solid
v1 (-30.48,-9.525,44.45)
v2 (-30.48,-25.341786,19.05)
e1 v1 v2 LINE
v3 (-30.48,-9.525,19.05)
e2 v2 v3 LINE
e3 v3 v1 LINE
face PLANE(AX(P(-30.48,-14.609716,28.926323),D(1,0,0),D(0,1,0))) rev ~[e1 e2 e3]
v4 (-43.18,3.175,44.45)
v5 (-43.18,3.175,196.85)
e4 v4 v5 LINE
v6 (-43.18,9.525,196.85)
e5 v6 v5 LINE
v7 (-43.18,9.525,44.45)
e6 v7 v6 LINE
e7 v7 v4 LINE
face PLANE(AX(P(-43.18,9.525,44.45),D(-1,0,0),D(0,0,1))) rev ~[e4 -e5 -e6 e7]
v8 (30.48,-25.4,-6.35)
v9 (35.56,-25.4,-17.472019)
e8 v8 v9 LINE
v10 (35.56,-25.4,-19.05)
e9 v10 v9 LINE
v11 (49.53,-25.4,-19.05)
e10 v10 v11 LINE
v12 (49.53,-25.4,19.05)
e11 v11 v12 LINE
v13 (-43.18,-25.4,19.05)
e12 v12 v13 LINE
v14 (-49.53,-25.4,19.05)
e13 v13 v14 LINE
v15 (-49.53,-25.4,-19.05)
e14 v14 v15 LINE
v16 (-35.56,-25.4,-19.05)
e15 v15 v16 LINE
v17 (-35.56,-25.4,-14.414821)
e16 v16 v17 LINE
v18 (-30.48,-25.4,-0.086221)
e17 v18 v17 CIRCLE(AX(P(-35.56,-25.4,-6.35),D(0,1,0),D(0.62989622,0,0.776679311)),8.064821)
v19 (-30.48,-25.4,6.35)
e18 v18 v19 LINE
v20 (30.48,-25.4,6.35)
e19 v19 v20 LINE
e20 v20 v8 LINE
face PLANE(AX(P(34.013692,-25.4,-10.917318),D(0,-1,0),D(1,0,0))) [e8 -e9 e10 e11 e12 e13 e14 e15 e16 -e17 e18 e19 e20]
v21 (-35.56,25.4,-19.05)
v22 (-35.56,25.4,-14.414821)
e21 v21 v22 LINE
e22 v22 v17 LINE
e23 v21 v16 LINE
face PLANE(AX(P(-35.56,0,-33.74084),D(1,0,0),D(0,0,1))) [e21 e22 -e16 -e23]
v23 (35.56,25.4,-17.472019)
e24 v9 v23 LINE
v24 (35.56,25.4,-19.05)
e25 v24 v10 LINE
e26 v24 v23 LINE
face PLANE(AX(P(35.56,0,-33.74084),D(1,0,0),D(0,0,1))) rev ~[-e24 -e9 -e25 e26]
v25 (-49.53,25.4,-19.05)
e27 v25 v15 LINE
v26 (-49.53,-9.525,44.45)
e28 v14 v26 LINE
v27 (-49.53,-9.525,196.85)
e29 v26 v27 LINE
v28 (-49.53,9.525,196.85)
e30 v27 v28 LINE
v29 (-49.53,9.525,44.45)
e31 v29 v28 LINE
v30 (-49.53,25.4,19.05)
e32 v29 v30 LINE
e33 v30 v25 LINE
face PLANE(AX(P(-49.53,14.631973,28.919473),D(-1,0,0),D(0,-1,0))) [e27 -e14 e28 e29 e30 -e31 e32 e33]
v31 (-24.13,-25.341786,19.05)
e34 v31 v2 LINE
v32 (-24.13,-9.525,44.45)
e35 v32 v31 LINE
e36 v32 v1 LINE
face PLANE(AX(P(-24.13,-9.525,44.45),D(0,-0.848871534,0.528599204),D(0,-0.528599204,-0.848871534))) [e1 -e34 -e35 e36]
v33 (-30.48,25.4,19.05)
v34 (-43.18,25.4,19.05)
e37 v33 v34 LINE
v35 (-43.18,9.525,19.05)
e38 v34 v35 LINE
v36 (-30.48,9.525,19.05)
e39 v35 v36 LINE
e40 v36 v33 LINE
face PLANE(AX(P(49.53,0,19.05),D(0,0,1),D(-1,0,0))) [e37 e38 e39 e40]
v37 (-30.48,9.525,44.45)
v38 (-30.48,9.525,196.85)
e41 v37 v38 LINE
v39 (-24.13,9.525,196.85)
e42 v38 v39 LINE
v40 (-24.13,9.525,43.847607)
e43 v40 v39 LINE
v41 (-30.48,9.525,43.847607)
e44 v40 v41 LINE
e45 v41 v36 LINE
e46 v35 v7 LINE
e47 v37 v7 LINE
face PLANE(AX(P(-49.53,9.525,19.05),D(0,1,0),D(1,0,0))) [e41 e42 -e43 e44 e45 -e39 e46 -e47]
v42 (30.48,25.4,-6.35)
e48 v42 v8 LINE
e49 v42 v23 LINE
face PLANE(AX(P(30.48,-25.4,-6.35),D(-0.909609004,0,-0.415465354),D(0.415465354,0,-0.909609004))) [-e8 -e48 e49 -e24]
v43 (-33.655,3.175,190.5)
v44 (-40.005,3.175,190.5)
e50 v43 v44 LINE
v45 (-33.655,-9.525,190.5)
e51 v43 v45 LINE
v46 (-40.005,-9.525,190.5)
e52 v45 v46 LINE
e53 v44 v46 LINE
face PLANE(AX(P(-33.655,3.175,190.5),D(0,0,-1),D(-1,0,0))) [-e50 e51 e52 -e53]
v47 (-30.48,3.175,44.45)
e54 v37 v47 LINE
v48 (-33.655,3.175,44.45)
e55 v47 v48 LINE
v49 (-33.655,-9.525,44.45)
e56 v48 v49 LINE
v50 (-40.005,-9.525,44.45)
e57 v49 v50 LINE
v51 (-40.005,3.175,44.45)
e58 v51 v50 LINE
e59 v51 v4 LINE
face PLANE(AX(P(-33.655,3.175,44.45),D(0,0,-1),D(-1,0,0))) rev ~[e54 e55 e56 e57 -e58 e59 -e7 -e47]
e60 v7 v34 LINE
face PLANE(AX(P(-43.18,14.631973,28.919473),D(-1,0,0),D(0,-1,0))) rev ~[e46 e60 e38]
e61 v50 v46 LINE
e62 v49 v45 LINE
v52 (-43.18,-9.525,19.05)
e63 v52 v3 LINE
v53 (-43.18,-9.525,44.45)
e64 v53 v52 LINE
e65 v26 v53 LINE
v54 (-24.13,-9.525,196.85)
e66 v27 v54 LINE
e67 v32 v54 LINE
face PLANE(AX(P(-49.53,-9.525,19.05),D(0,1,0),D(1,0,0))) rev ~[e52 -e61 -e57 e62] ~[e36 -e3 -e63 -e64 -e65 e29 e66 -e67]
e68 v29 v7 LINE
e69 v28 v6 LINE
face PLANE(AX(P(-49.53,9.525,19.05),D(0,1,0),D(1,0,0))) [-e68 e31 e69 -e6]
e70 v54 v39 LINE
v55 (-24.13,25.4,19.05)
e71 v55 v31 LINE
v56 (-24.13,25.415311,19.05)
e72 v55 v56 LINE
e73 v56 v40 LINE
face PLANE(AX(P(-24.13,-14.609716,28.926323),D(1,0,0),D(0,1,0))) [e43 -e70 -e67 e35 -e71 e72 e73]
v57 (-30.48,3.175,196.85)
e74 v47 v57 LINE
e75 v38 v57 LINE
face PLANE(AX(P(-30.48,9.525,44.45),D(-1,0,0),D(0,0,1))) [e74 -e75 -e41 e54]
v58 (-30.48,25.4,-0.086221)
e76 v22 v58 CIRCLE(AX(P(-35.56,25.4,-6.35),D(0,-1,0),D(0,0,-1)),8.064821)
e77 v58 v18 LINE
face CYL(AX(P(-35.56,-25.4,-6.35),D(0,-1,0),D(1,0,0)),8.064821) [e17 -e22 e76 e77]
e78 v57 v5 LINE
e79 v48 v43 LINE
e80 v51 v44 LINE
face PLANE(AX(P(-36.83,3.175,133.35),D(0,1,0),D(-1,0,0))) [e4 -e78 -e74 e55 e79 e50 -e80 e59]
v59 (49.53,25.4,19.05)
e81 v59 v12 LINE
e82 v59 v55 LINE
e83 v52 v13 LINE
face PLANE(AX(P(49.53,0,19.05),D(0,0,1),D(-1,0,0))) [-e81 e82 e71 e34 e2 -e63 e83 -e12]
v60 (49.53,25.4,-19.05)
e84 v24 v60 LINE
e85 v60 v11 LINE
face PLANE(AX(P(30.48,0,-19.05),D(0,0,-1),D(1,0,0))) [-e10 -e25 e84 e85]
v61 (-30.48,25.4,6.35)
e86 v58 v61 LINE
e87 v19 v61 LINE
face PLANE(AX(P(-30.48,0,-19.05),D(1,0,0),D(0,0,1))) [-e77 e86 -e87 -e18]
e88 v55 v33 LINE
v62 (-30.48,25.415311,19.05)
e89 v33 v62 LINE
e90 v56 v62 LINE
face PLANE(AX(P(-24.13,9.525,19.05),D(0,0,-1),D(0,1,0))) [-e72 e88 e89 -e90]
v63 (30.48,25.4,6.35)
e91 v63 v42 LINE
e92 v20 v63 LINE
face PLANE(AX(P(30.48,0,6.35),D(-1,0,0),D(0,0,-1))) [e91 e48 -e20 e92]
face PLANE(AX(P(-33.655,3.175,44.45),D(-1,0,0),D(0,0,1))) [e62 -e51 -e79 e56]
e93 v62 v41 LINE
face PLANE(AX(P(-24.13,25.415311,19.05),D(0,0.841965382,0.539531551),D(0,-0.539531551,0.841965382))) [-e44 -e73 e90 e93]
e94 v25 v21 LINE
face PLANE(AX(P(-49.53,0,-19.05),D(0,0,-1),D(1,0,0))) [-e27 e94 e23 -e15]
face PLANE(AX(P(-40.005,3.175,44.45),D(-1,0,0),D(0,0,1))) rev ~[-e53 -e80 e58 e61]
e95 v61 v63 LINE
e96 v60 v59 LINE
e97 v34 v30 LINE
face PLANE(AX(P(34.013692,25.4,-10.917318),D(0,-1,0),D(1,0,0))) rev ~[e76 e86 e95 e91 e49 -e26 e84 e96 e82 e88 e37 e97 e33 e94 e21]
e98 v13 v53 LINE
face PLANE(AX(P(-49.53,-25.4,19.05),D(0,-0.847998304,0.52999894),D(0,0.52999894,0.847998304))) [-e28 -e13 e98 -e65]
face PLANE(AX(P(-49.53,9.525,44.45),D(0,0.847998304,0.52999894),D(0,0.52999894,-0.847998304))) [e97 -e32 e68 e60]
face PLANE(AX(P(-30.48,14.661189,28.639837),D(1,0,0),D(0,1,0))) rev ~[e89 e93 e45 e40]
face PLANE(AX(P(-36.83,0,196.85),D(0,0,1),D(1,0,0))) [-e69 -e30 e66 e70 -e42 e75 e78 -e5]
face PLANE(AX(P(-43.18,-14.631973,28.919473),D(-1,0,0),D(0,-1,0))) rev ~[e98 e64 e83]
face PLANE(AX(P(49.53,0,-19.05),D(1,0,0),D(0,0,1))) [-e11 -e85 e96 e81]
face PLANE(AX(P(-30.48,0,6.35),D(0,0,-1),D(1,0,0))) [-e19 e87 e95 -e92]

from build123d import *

# Parameters (mm, degrees)
F1_DEPTH  = 25.4
F2_W      = 71.12
F2_H      = 27.3908400369
F3_DEPTH  = 50.8
F4_R      = 8.0648205789
F5_DEPTH  = 50.8
F7_DEPTH  = 50.8
F8_W      = 25.4
F8_H      = 19.05
F9_DEPTH  = 177.8
F10_W     = 12.7
F10_H     = 177.8
F11_DEPTH = 6.35
F12_W     = 6.35
F12_H     = 146.05
F13_DEPTH = 28.576
F15_DEPTH = 6.35
F17_DEPTH = 6.35


with BuildPart() as f1:
    # F0 (on Front) → F1 (new body, symmetric)
    with BuildSketch(Plane.XZ):
        Polygon((30.48, -19.05), (49.53, -19.05), (49.53, 19.05), (-49.53, 19.05), (-49.53, -19.05), (-30.48, -19.05), (-30.48, 6.35), (30.48, 6.35), align=None)
    extrude(amount=F1_DEPTH, both=True)

    # F2 (on Front) → F3 (cut, symmetric)
    with BuildSketch(Plane.XZ):
        with Locations((0, -20.0454200185)):
            Rectangle(F2_W, F2_H)
    extrude(amount=F3_DEPTH, both=True, mode=Mode.SUBTRACT)

    # F4 (on face) → F5 (join)
    with BuildSketch(Plane.XZ.offset(25.4)):
        with Locations((-35.56, -6.35)):
            Circle(F4_R)
    extrude(amount=-F5_DEPTH)

    # F6 (on face) → F7 (join)
    with BuildSketch(Plane.XZ.offset(25.4)):
        Polygon((35.56, -17.4720194191), (35.56, -6.35), (30.48, -6.35), align=None)
    extrude(amount=-F7_DEPTH)

    # F8 (on face) → F9 (join)
    with BuildSketch(Plane.XY.offset(19.05)):
        with Locations((-36.83, 0)):
            Rectangle(F8_W, F8_H)
    extrude(amount=F9_DEPTH)

    # F10 (on face) → F11 (cut)
    with BuildSketch(Plane(origin=(0, 9.525, 0), x_dir=(-1, 0, 0), z_dir=(0, 1, 0))):
        with Locations((36.83, 133.35)):
            Rectangle(F10_W, F10_H)
    extrude(amount=-F11_DEPTH, mode=Mode.SUBTRACT)

    # F12 (on face) → F13 (cut, through all)
    with BuildSketch(Plane(origin=(0, 3.175, 0), x_dir=(-1, 0, 0), z_dir=(0, 1, 0))):
        with Locations((36.83, 117.475)):
            Rectangle(F12_W, F12_H)
    extrude(amount=-F13_DEPTH, mode=Mode.SUBTRACT)

    # F14 (on face) → F15 (join)
    with BuildSketch(Plane(origin=(-49.53, 0, 0), x_dir=(0, -1, 0), z_dir=(-1, 0, 0))):
        Polygon((-25.4, 19.05), (-9.525, 19.05), (-9.525, 44.45), align=None)
        Polygon((25.4, 19.05), (9.525, 44.45), (9.525, 19.05), align=None)
    extrude(amount=-F15_DEPTH)

    # F16 (on face) → F17 (join)
    with BuildSketch(Plane.YZ.offset(-24.13)):
        Polygon((-25.3417864442, 19.05), (-9.525, 19.05), (-9.525, 44.45), align=None)
        Polygon((9.525, 43.8476071775), (9.525, 19.05), (25.4153106362, 19.05), align=None)
    extrude(amount=-F17_DEPTH)


solid = f1.part
